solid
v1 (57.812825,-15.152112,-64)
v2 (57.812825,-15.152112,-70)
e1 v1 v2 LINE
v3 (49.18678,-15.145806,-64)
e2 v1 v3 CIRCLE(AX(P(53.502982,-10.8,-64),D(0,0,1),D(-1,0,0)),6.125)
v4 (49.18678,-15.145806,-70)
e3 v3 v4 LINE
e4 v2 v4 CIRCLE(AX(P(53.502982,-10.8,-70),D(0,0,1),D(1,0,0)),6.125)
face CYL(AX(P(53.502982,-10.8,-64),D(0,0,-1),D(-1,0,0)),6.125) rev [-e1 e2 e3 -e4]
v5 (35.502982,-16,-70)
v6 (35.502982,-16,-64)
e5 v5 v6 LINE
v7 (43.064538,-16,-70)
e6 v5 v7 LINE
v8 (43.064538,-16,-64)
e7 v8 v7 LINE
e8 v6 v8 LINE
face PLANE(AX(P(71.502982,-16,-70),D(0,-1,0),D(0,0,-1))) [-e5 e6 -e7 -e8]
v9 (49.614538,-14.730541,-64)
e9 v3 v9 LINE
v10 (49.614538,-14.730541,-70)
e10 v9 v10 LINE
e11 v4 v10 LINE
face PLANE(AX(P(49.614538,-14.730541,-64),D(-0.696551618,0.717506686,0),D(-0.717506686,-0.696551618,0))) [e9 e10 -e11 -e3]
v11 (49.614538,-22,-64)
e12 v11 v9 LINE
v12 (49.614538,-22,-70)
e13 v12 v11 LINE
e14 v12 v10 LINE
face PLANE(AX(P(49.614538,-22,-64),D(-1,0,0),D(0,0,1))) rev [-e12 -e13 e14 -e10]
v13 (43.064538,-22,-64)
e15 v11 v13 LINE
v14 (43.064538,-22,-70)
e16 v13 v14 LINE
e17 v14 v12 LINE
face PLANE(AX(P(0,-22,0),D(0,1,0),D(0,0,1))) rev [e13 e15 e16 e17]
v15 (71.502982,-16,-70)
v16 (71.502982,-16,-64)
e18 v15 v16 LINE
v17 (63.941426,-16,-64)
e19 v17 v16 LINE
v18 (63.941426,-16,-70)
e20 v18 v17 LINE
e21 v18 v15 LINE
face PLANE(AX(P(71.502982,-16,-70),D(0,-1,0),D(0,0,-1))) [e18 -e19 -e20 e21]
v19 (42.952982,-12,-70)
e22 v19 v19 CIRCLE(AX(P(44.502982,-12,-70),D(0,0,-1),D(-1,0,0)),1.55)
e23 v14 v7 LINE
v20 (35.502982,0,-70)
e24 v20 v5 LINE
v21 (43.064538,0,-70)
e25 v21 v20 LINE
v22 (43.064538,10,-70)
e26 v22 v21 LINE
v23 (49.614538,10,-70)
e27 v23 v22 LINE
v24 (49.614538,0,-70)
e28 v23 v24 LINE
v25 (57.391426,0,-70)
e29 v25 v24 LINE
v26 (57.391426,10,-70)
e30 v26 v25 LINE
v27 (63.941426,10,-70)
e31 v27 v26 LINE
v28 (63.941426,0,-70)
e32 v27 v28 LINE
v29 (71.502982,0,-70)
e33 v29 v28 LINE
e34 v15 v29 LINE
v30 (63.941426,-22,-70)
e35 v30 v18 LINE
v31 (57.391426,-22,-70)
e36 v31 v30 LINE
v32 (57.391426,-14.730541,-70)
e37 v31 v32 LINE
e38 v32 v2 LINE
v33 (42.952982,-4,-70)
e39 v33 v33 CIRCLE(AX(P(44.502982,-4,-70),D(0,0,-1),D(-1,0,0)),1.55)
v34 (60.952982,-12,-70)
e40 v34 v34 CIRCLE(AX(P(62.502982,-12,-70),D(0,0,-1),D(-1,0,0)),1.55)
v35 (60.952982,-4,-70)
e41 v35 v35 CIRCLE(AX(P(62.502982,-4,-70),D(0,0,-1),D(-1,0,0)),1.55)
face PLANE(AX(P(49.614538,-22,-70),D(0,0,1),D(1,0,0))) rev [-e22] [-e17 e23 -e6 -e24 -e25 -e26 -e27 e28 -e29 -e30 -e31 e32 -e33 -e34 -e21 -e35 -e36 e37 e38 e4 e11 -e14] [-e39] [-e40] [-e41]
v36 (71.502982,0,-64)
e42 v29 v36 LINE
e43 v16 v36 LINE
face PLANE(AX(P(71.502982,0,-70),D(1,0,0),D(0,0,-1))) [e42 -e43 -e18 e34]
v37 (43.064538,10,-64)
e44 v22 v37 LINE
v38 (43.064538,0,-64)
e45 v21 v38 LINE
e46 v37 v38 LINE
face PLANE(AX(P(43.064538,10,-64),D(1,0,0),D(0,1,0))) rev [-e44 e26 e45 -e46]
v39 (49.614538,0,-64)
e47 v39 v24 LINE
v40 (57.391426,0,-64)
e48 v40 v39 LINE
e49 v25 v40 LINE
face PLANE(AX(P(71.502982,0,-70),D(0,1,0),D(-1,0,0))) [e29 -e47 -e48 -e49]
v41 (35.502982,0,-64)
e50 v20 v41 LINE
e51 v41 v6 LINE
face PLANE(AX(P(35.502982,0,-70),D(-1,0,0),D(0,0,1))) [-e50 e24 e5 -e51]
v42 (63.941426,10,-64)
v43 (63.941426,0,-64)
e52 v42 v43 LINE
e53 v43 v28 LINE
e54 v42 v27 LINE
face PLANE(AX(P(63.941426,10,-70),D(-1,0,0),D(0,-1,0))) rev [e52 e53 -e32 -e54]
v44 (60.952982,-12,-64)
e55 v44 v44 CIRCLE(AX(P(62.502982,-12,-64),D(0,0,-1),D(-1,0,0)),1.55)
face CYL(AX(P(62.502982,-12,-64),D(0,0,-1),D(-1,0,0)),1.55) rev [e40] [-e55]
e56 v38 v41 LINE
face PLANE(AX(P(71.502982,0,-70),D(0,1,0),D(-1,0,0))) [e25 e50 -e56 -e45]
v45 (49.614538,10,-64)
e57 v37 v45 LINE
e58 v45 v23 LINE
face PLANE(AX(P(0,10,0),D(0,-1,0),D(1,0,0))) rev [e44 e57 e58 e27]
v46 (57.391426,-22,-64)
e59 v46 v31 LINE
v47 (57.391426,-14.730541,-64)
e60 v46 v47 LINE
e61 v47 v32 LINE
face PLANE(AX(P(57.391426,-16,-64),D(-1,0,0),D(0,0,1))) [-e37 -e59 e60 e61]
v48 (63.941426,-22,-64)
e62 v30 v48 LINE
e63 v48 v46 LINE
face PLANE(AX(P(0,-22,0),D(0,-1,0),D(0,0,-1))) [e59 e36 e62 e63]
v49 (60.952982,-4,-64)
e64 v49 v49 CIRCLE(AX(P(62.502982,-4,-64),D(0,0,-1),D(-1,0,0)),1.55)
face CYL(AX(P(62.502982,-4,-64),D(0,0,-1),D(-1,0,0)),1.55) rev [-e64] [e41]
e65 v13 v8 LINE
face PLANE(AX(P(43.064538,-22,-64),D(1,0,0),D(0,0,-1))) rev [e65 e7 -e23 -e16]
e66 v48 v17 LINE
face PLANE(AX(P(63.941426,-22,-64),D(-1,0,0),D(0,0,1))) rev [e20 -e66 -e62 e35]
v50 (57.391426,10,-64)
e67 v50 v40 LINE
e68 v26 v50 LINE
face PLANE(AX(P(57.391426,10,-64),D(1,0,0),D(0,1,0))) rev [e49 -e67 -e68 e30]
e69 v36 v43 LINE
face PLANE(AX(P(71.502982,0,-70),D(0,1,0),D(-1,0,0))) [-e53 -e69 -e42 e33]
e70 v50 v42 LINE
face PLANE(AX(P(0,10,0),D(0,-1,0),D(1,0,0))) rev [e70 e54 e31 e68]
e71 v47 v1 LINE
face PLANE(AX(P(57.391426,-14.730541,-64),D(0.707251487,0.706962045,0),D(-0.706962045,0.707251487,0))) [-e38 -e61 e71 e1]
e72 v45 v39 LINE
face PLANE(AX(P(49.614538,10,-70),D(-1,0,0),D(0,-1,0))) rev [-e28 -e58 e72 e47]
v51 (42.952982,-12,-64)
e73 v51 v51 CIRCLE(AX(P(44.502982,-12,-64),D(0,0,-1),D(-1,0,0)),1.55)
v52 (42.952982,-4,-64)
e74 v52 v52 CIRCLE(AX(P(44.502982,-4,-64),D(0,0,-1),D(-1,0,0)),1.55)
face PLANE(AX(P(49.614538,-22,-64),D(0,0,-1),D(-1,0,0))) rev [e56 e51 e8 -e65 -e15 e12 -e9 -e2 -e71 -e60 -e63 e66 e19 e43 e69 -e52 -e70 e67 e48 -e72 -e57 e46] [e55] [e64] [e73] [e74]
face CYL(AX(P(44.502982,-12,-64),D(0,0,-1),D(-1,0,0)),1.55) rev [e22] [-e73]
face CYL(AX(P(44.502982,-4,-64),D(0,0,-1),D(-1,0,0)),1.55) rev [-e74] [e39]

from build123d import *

# Parameters (mm, degrees)
SZKIC1_W                      = 36
SZKIC1_H                      = 16
DODANIE_WYCI_GNI_CIE1_DEPTH   = 6
WYTNIJ_WYCI_GNI_CIE1_DEPTH    = 6
SZKIC3_R                      = 1.55
WYTNIJ_WYCI_GNI_CIE2_DEPTH    = 74.51650454
SZKIC5_W                      = 6.55
SZKIC5_H                      = 6
DODANIE_WYCI_GNI_CIE2_DEPTH   = 6
DODANIE_WYCI_GNI_CIE2_2_DEPTH = 6
SZKIC7_W                      = 6.55
SZKIC7_H                      = 6
DODANIE_WYCI_GNI_CIE3_DEPTH   = 10


with BuildPart() as part:
    # Szkic1 → Dodanie-wyciągnięcie1 (new body)
    with BuildSketch(Plane.XY.offset(-64.000000001)):
        with Locations((53.502982034, -8)):
            Rectangle(SZKIC1_W, SZKIC1_H)
    extrude(amount=-DODANIE_WYCI_GNI_CIE1_DEPTH)

    # Szkic2 → Wytnij-wyciągnięcie1 (cut)
    with BuildSketch(Plane.XY.offset(-70.000000001)):
        with BuildLine():
            Line((49.614537615, -16), (49.614537615, -14.730541148))
            Line((49.614537615, -14.730541148), (49.186780246, -15.145805693))
            ThreePointArc((49.186780246, -15.145805693), (49.13517548, -15.093936528), (49.084193998, -15.041454619))
            ThreePointArc((49.084193998, -15.041454619), (53.502982034, -4.675), (57.921770071, -15.041454619))
            ThreePointArc((57.921770071, -15.041454619), (57.867648174, -15.097128633), (57.812824874, -15.152112096))
            Line((57.812824874, -15.152112096), (57.391426454, -14.730541148))
            Line((57.391426454, -14.730541148), (57.391426454, -16))
            Line((57.391426454, -16), (49.614537615, -16))
        make_face()
    extrude(amount=WYTNIJ_WYCI_GNI_CIE1_DEPTH, mode=Mode.SUBTRACT)

    # Szkic3 → Wytnij-wyciągnięcie2 (cut, through all)
    with BuildSketch(Plane(origin=(0, 0, -70.000000001), x_dir=(-1, 0, 0), z_dir=(0, 0, -1))):
        with Locations((-62.502982034, -4)):
            Circle(SZKIC3_R)
        with Locations((-44.502982034, -4)):
            Circle(SZKIC3_R)
        with Locations((-44.502982034, -12)):
            Circle(SZKIC3_R)
        with Locations((-62.502982034, -12)):
            Circle(SZKIC3_R)
    extrude(amount=-WYTNIJ_WYCI_GNI_CIE2_DEPTH, mode=Mode.SUBTRACT)


with BuildPart() as body_2:
    # Szkic5 → Dodanie-wyciągnięcie2 (new body)
    with BuildSketch(Plane.XZ.offset(16)):
        with Locations((60.666426454, -67.000000001)):
            Rectangle(SZKIC5_W, SZKIC5_H)
    extrude(amount=DODANIE_WYCI_GNI_CIE2_DEPTH)


with BuildPart() as body_3:
    # Szkic5 → Dodanie-wyci_gni_cie2 2 (new body)
    with BuildSketch(Plane.XZ.offset(16)):
        with Locations((46.339537615, -67.000000001)):
            Rectangle(SZKIC5_W, SZKIC5_H)
    extrude(amount=DODANIE_WYCI_GNI_CIE2_2_DEPTH)


with BuildPart() as part_1:
    add(part.part)

    # Połącz6: union body 2
    add(body_2.part)

    # Szkic7 → Dodanie-wyciągnięcie3 (add)
    with BuildSketch(Plane(origin=(0, 0, 0), x_dir=(1, 0, 0), z_dir=(0, 1, 0))):
        with Locations((60.666426454, 67.000000001)):
            Rectangle(SZKIC7_W, SZKIC7_H)
        with Locations((46.339537615, 67.000000001)):
            Rectangle(SZKIC7_W, SZKIC7_H)
    extrude(amount=DODANIE_WYCI_GNI_CIE3_DEPTH)


with BuildPart() as body_3_1:
    add(body_3.part)

    # Połącz8: union part
    add(part_1.part)


solid = body_3_1.part
